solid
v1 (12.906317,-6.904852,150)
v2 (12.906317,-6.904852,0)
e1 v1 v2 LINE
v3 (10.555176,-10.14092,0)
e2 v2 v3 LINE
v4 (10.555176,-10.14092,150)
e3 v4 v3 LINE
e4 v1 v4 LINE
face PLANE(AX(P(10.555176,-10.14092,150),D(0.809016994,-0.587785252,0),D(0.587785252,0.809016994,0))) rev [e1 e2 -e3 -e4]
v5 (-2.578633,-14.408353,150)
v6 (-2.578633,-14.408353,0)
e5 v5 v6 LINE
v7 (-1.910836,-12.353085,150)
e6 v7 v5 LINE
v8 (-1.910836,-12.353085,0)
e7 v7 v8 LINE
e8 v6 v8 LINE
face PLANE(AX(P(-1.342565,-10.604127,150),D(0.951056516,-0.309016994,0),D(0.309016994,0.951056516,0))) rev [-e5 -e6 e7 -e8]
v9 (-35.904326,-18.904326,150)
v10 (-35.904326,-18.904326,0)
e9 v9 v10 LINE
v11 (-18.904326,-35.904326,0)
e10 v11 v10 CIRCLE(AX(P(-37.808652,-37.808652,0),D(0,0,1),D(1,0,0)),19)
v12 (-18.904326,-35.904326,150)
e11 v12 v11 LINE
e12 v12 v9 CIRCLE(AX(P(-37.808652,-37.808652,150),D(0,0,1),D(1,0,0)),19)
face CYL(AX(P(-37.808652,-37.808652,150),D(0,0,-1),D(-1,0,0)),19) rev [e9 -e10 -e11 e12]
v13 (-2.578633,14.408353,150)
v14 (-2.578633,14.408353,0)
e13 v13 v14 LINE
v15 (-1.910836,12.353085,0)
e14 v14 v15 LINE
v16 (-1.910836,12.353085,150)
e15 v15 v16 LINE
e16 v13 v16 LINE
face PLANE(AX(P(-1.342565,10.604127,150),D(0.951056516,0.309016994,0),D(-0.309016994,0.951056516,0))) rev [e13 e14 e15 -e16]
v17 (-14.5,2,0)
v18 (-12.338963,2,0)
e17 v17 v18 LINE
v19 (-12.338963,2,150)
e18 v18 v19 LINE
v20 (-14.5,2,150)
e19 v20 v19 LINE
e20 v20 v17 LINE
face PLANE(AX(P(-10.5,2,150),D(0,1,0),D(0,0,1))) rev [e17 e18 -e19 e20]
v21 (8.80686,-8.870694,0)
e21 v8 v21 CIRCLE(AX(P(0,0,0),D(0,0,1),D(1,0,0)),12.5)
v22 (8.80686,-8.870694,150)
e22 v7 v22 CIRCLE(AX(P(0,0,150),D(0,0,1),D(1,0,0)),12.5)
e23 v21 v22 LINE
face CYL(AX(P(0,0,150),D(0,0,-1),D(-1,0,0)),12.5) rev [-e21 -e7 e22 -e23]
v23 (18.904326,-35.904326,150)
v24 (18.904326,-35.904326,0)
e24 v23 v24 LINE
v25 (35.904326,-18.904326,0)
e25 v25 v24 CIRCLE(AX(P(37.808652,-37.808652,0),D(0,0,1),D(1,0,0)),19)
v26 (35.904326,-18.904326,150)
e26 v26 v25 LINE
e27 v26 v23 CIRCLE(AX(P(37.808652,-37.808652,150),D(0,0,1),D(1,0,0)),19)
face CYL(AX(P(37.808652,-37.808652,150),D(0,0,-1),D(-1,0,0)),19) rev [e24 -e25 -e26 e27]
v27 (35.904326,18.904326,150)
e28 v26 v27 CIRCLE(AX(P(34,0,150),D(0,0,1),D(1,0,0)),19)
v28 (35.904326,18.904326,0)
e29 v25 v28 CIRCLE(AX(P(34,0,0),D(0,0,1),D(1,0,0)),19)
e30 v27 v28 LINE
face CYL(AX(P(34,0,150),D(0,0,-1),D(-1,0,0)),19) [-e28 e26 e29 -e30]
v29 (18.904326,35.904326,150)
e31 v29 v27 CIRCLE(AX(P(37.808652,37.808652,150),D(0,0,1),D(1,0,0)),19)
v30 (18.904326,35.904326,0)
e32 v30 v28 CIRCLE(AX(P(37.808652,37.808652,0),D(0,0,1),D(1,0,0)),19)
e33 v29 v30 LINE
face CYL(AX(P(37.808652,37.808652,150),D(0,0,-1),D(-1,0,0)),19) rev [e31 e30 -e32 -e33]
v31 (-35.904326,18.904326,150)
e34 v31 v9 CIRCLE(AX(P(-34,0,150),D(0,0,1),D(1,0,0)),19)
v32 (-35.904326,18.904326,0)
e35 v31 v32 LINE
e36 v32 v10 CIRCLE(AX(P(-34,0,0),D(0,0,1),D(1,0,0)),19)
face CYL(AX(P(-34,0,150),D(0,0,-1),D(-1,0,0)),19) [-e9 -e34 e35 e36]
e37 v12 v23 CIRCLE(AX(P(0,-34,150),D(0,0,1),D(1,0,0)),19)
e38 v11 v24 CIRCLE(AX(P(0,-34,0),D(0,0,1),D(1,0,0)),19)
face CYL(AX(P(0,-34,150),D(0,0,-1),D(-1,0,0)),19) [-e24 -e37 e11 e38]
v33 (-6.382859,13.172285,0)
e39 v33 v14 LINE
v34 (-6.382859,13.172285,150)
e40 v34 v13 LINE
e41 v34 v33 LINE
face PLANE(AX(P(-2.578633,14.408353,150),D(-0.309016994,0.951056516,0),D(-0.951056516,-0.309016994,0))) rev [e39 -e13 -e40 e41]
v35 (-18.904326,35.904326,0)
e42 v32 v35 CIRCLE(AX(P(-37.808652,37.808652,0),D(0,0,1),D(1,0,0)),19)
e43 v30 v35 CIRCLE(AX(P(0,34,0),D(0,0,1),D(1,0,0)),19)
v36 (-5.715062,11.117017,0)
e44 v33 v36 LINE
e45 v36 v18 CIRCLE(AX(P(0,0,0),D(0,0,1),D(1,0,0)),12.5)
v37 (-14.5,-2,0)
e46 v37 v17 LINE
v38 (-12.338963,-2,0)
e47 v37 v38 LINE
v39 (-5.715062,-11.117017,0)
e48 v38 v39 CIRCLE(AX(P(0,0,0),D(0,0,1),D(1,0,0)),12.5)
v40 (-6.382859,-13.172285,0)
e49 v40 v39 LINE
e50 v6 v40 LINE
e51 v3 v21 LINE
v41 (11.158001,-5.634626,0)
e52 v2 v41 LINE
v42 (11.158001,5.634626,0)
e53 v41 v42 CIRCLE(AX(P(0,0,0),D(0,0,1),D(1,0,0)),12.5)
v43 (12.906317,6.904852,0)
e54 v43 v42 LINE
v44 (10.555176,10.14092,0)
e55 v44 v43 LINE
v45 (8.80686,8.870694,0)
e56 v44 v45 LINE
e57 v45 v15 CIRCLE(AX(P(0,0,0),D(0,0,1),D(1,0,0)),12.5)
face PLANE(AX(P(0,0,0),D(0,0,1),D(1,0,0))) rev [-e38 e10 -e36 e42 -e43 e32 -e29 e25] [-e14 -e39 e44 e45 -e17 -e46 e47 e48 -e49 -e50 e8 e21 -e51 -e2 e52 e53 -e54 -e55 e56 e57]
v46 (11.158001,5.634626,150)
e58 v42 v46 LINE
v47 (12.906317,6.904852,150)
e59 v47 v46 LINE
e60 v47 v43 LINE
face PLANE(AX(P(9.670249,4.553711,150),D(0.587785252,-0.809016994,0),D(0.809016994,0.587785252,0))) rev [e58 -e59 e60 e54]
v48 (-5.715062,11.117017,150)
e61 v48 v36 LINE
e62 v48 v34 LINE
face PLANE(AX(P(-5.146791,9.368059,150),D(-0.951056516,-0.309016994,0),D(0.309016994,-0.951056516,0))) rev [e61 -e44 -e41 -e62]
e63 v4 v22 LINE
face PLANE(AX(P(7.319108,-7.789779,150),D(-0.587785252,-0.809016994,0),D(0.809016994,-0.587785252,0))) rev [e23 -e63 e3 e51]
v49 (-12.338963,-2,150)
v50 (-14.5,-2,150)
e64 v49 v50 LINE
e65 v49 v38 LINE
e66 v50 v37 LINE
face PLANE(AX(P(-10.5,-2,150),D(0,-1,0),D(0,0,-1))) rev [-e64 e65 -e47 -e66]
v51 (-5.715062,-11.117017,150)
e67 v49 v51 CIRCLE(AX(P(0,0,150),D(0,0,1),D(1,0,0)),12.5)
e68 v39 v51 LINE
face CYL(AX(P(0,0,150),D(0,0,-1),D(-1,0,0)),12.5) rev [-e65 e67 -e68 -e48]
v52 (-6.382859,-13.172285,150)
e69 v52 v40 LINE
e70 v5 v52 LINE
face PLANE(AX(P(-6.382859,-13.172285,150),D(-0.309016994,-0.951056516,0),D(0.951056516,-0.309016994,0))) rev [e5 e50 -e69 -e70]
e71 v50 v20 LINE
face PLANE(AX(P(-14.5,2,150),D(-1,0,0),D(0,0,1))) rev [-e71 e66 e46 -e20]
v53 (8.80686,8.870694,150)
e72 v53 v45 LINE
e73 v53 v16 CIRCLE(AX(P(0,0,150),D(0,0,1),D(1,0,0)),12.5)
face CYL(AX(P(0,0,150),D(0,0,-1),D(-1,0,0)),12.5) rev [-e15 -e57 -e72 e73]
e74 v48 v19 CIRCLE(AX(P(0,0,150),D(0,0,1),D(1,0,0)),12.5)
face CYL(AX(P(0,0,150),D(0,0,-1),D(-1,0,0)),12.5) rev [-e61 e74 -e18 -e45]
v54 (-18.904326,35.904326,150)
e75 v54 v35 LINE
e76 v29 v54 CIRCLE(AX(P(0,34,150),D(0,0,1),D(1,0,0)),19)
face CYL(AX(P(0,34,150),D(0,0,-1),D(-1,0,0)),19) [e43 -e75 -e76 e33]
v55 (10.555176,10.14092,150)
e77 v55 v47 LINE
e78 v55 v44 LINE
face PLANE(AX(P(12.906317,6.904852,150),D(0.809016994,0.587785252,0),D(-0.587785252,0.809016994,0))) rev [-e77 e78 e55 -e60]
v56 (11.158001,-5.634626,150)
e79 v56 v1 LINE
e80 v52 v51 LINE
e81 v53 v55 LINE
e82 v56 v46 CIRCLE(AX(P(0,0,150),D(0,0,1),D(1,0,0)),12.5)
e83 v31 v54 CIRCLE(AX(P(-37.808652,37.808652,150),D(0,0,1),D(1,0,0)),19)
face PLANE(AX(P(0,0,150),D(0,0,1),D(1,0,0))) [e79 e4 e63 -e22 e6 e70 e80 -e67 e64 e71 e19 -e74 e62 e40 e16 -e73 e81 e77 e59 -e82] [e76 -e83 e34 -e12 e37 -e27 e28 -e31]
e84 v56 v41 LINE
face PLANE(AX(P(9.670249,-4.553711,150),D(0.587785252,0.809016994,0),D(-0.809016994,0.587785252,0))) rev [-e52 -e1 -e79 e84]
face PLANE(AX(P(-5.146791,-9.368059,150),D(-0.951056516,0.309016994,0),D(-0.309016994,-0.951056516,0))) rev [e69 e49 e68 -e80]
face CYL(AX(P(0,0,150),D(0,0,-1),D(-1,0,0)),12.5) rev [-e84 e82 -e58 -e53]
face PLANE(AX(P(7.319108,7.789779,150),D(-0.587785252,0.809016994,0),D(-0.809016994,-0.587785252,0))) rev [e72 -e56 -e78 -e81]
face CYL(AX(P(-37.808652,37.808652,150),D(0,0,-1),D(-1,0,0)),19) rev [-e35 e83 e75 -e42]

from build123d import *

# Parameters (mm, degrees)
SKETCH1_R           = 12.5
SKETCH1_R_2         = 19
BOSS_EXTRUDE1_DEPTH = 150
SKETCH2_W           = 4
SKETCH2_H           = 4
CUT_EXTRUDE1_DEPTH  = 151
CIRPATTERN1_COUNT   = 5


with BuildPart() as part:
    # Sketch1 → Boss-Extrude1 (new body)
    with BuildSketch(Plane.XY):
        with BuildLine():
            ThreePointArc((35.904326013, -18.904326024), (15, 0), (35.904326013, 18.904326024))
            ThreePointArc((35.904326013, 18.904326024), (24.373623204, 24.373623204), (18.904326024, 35.904326013))
            ThreePointArc((18.904326024, 35.904326013), (18.976066432, 34.953363922), (19, 34))
            ThreePointArc((19, 34), (-0.953363922, 15.023933568), (-18.904326024, 35.904326013))
            ThreePointArc((-18.904326024, 35.904326013), (-24.373623204, 24.373623204), (-35.904326013, 18.904326024))
            ThreePointArc((-35.904326013, 18.904326024), (-21.25602484, 14.092235349), (-15, 0))
            ThreePointArc((-15, 0), (-21.25602484, -14.092235349), (-35.904326013, -18.904326024))
            ThreePointArc((-35.904326013, -18.904326024), (-24.373623204, -24.373623204), (-18.904326024, -35.904326013))
            ThreePointArc((-18.904326024, -35.904326013), (-0.953363922, -15.023933568), (19, -34))
            ThreePointArc((19, -34), (18.976066432, -34.953363922), (18.904326024, -35.904326013))
            ThreePointArc((18.904326024, -35.904326013), (24.373623204, -24.373623204), (35.904326013, -18.904326024))
        make_face()
        Circle(SKETCH1_R, mode=Mode.SUBTRACT)
        with Locations((0, 34)):
            Circle(SKETCH1_R_2)
        with Locations((-34, 0)):
            Circle(SKETCH1_R_2)
        with Locations((0, -34)):
            Circle(SKETCH1_R_2)
        with Locations((34, 0)):
            Circle(SKETCH1_R_2)
    extrude(amount=BOSS_EXTRUDE1_DEPTH)

    # Sketch2 → Cut-Extrude1 (cut, through all)
    with BuildSketch(Plane(origin=(0, 0, 0), x_dir=(-1, 0, 0), z_dir=(0, 0, -1))):
        with Locations((12.5, 0)):
            Rectangle(SKETCH2_W, SKETCH2_H)
    cut_extrude1 = extrude(amount=-CUT_EXTRUDE1_DEPTH, mode=Mode.SUBTRACT)

    # CirPattern1: Cut-Extrude1 ×5 about axis
    cirpattern1_axis = Axis((0, 0, 0), (0, 0, 1))
    for i in range(1, CIRPATTERN1_COUNT):
        add(cut_extrude1.rotate(cirpattern1_axis, i * 360 / CIRPATTERN1_COUNT), mode=Mode.SUBTRACT)


solid = part.part
